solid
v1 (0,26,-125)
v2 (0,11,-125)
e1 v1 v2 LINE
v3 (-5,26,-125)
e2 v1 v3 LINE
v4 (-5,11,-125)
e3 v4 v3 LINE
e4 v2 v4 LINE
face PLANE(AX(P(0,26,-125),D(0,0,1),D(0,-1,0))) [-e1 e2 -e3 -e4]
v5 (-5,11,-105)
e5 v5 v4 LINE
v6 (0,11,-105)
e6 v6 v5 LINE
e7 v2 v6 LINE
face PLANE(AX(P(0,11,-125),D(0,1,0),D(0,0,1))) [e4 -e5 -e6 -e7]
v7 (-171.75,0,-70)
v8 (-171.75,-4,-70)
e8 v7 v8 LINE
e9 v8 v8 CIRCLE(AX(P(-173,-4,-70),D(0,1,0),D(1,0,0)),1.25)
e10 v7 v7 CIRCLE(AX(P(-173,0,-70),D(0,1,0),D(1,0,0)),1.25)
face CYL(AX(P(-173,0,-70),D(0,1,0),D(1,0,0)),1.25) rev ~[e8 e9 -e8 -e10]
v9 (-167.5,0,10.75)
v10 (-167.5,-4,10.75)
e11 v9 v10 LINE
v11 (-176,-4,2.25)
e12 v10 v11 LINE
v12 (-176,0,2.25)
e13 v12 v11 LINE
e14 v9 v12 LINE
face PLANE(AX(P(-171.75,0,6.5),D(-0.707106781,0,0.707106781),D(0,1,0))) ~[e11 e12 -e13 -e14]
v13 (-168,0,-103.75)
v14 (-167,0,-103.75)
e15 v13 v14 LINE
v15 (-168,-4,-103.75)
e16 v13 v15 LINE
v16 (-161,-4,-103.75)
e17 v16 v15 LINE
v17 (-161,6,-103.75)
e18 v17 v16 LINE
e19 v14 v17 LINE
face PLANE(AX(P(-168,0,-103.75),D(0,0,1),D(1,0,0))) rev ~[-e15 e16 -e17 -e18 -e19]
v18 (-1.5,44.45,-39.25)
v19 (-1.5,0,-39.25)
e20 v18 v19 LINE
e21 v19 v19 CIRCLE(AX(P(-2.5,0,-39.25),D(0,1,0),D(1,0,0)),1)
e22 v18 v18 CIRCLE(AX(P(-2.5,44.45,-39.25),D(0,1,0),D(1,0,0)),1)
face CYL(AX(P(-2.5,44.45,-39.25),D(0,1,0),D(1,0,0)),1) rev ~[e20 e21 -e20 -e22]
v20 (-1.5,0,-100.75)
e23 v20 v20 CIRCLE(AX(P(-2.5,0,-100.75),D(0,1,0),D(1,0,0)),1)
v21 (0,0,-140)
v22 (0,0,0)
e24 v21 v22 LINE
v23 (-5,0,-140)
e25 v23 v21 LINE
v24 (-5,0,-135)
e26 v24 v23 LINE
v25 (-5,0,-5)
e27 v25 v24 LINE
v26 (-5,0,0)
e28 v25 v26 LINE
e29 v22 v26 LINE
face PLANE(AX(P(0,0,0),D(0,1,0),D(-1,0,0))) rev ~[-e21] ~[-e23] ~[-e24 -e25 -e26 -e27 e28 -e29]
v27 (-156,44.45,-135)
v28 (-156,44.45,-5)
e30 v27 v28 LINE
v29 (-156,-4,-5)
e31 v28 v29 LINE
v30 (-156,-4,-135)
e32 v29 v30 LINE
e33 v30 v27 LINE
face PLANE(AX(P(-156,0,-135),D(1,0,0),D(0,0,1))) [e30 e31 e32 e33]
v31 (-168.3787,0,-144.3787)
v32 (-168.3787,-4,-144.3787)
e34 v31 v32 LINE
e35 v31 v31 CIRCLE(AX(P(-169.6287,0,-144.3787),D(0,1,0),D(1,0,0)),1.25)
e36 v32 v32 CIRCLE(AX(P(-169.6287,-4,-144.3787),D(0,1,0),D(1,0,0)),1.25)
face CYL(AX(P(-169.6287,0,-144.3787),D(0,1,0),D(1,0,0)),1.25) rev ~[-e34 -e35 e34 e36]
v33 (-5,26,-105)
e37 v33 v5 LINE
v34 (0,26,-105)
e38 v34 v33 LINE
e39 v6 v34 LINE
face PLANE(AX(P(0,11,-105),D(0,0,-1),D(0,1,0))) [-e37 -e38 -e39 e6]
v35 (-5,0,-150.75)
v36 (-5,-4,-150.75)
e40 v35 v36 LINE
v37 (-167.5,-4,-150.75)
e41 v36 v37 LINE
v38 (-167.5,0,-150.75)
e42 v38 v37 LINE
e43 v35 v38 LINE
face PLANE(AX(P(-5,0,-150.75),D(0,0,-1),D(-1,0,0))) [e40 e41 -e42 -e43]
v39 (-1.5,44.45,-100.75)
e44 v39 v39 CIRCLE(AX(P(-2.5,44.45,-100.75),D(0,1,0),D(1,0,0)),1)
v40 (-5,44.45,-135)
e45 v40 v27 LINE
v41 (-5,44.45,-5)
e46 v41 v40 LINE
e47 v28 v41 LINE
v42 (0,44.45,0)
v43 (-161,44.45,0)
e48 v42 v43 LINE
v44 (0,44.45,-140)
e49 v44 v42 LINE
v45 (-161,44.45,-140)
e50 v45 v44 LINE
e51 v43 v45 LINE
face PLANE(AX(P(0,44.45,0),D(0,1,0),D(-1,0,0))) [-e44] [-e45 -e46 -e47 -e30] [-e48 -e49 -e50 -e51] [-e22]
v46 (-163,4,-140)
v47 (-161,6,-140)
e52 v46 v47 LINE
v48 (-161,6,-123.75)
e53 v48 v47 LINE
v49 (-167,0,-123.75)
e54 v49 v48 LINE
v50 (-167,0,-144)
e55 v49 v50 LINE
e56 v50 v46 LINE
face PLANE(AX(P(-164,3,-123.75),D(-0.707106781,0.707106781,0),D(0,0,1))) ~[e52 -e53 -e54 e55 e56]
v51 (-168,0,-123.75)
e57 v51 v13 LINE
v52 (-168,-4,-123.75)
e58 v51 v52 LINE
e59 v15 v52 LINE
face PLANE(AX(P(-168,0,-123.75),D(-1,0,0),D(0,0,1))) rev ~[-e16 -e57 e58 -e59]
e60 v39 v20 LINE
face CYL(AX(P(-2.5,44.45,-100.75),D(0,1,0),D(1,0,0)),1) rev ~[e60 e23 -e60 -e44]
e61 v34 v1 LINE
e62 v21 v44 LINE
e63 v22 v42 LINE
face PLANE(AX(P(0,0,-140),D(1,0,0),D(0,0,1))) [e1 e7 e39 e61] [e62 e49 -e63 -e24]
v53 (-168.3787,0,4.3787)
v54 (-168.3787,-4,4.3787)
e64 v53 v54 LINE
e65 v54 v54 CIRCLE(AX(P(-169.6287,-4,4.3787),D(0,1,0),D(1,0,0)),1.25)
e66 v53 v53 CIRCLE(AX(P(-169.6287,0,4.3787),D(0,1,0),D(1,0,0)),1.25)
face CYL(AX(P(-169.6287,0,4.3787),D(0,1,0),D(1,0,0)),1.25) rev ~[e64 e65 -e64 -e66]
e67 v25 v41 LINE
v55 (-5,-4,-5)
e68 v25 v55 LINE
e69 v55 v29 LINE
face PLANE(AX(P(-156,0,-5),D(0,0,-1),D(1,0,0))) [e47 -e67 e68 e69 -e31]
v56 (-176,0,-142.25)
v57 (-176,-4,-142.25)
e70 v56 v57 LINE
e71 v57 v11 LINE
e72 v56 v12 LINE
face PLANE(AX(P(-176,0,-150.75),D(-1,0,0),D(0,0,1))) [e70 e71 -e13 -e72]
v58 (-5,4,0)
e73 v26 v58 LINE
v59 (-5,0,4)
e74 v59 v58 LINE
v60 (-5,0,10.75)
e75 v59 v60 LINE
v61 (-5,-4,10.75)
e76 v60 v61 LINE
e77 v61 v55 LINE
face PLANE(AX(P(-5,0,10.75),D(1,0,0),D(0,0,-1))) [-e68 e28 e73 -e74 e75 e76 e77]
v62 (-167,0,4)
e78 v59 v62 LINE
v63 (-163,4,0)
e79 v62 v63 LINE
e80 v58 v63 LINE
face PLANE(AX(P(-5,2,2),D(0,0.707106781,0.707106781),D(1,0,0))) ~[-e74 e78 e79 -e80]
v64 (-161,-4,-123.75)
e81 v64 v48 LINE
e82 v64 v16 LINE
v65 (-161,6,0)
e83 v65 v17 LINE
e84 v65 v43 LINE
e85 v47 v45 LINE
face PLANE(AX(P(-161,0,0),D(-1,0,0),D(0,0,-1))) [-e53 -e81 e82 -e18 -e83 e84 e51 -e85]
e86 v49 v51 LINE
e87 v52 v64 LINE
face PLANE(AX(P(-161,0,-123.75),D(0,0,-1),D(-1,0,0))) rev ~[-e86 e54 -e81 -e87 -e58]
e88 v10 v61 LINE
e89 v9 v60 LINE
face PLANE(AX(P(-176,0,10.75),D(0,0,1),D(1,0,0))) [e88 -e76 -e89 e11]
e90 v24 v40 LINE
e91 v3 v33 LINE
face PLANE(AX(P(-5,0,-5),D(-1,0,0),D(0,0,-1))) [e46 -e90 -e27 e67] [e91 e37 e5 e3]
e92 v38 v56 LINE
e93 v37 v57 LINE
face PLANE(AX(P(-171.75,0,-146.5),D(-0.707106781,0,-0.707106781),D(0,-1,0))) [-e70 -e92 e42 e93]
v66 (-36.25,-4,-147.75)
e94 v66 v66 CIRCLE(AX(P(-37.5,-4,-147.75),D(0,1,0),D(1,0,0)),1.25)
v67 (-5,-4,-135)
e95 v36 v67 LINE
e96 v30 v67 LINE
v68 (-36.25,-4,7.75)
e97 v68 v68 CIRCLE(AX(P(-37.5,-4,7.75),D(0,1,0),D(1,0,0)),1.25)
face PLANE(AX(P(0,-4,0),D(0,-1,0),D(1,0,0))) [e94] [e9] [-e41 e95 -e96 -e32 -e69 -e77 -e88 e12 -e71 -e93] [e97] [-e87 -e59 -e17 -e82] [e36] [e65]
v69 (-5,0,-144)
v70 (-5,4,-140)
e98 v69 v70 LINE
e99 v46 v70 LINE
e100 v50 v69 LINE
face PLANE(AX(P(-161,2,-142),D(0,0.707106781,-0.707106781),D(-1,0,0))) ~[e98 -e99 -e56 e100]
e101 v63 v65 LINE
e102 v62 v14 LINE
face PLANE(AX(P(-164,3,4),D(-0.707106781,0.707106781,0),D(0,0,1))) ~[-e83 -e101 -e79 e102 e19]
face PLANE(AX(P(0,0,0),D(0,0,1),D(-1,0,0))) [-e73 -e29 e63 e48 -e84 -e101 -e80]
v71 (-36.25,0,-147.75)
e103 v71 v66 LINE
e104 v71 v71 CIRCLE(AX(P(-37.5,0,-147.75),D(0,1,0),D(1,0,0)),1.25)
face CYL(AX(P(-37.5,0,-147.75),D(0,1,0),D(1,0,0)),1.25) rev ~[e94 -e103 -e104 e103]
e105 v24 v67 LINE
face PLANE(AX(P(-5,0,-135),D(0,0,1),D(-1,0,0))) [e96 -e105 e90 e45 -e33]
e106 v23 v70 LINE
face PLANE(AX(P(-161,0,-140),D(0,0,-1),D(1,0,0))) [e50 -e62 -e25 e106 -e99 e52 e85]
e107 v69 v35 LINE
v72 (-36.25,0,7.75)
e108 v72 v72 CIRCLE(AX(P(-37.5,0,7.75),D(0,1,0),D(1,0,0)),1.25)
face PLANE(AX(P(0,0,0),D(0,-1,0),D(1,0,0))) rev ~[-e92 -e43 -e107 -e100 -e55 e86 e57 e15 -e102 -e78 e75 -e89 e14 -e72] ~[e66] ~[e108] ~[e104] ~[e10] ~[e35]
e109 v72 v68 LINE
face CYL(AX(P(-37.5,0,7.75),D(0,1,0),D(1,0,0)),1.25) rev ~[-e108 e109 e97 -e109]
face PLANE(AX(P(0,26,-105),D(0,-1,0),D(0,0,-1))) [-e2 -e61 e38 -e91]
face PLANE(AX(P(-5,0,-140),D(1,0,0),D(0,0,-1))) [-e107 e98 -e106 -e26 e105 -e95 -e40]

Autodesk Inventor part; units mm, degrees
ref_plane "YZ Plane" through (0, 0, 0) normal (1, 0, 0) x (0, 1, 0)
ref_plane "XZ Plane" through (0, 0, 0) normal (0, 1, 0) x (-1, 0, 0)
ref_plane "XY Plane" through (0, 0, 0) normal (0, 0, 1) x (1, 0, 0)
sketch "Sketch1" plane through (0, 0, 0) normal (0, 1, 0) x (-1, 0, 0)
  line L0 (0, 0) -> (161, 0)
  line L1 (161, 0) -> (161, -140)
  line L2 (161, -140) -> (0, -140)
  line L3 (0, -140) -> (0, 0)
  line L4 (156, -135) -> (156, -5)
  line L5 (156, -5) -> (5, -5)
  line L6 (5, -5) -> (5, -135)
  line L7 (5, -135) -> (156, -135)
  dimension "d28" = 151
  dimension "d29" = 130
  dimension "d30" = 5
extrude "Extrusion1" add sketch "Sketch1" along normal blind 44.45
sketch "Sketch2" plane through (0, 0, 0) normal (0, -1, 0) x (1, 0, 0)
  line L0 (-176, 10.75) -> (-5, 10.75)
  line L1 (-5, -150.75) -> (-176, -150.75)
  line L2 (-176, -150.75) -> (-176, 10.75)
  line L3 (-161, 0) -> (0, 0) projected
  line L4 (0, -140) -> (-161, -140) projected
  line L5 (-161, -140) -> (-161, 0) projected
  line L6 (0, -140) -> (-161, -140) projected
  line L7 (0, 0) -> (0, -140) projected
  line L8 (-161, 0) -> (0, 0) projected
  line L9 (-161, -140) -> (-161, 0) projected
  line L10 (-156, -135) -> (-5, -135) projected
  line L11 (-156, -5) -> (-156, -135) projected
  line L12 (-5, -5) -> (-156, -5) projected
  line L13 (-5, -135) -> (-5, -5) projected
  line L14 (-5, 10.75) -> (-5, -5)
  line L15 (-5, -135) -> (-5, -150.75)
  dimension "d31" = 161.5
  dimension "d32" = 171
extrude "Extrusion2" add sketch "Sketch2" along normal blind 4 contours L0 L14 L3 L5 L4 L15 L1 L2 | L14 L12 L11 L10 L15 L4 L5 L3
chamfer "Chamfer1" distance 8.5 angle 45 2 edges at (-176, -2, 10.75) (-176, -2, -150.75)
sketch "Sketch3" plane through (0, 0, 0) normal (0, 1, 0) x (1, 0, 0)
  circle A0 centre (-169.6287, -4.3787) radius 1.25
  circle A1 centre (-37.5, -7.75) radius 1.25
  circle A2 centre (-173, 70) radius 1.25
  circle A3 centre (-169.6287, 144.3787) radius 1.25
  circle A4 centre (-37.5, 147.75) radius 1.25
  line L0 (-176, -10.75) -> (-176, 150.75) projected
  line L1 (-5, -10.75) -> (-176, -10.75) projected
  line L2 (-176, 150.75) -> (-5, 150.75) projected
  line L3 (-161, 123.75) -> (-168, 123.75)
  line L4 (-168, 123.75) -> (-168, 103.75)
  line L5 (-168, 103.75) -> (-161, 103.75)
  line L6 (-161, 103.75) -> (-161, 123.75)
  line L7 (-167.5, -10.75) -> (-176, -2.25) projected
  line L8 (-176, 142.25) -> (-167.5, 150.75) projected
  line L9 (-171.75, -6.5) -> (-169.6287, -4.3787) construction
  line L10 (-171.75, 146.5) -> (-169.6287, 144.3787) construction
  point P0 (0, 0)
  point P1 (-176, 70)
  point P2 (-176, 70)
  point P3 (-164.5, 103.75)
  point P4 (-164.5, 123.75)
  point P5 (-168, 113.75)
  point P6 (-161, 113.75)
  dimension "d10" = 2.5
  dimension "d11" = 2.5
  dimension "d12" = 2.5
  dimension "d13" = 2.5
  dimension "d14" = 2.5
  dimension "d33" = 138.5
  dimension "d35" = 3
  dimension "d37" = 3
  dimension "d38" = 3
  dimension "d58" = 3
  dimension "d59" = 3
  dimension "d60" = 20
  dimension "d61" = 7
  dimension "d62" = 8
  dimension "d63" = 27
extrude "Extrusion3" cut sketch "Sketch3" against normal blind 11.1125 contours A0 | A1 | A2 | A3 | A4 | L6 L5 L4 L3
sketch "Sketch4" plane through (0, 44.45, 0) normal (0, 1, 0) x (1, 0, 0)
  circle A0 centre (-2.5, 100.75) radius 1
  circle A1 centre (-2.5, 39.25) radius 1
  line L0 (-161, 0) -> (0, 0) projected
  line L1 (0, 140) -> (-161, 140) projected
  line L2 (0, 140) -> (-5, 140) projected
  line L3 (-167.5, 150.75) -> (-5, 150.75) projected
  line L4 (-5, -10.75) -> (-167.5, -10.75) projected
  point P0 (-2.5, 140)
  dimension "d20" = 2
  dimension "d39" = 50
  dimension "d51" = 50
extrude "Extrusion4" cut sketch "Sketch4" against normal blind 65.0875
chamfer "Chamfer2" distance 4 angle 45 2 edges at (-83, 0, 0) (-83, 0, -140)
chamfer "Chamfer3" distance 6 angle 45 2 edges at (-161, 0, -51.875) (-161, 0, -131.875)
sketch "Sketch6" plane through (0, 0, 0) normal (1, 0, 0) x (0, 0, -1)
  line L0 (105, 26) -> (125, 26)
  line L1 (125, 26) -> (125, 11)
  line L2 (125, 11) -> (105, 11)
  line L3 (105, 11) -> (105, 26)
  line L4 (5, -4) -> (-10.75, -4) projected
  line L5 (0, 0) -> (0, 44.45) projected
  line L6 (140, 0) -> (140, 44.45) projected
  point P0 (125, 18.5)
  point P1 (105, 18.5)
  dimension "d64" = 15
  dimension "d65" = 15
  dimension "d66" = 20
  dimension "d70" = 15
extrude "Extrusion6" cut sketch "Sketch6" against normal blind 9.05
equation "\"d11\" = d10"
equation "\"d12\" = d11"
equation "\"d13\" = d12"
equation "\"d14\" = d12"
equation "\"d35\" = d34"
equation "\"d37\" = d36"
equation "\"d38\" = d34"
equation "\"d36\" = d34"
equation "\"d34\" = 3"
properties part number "battery holder"
